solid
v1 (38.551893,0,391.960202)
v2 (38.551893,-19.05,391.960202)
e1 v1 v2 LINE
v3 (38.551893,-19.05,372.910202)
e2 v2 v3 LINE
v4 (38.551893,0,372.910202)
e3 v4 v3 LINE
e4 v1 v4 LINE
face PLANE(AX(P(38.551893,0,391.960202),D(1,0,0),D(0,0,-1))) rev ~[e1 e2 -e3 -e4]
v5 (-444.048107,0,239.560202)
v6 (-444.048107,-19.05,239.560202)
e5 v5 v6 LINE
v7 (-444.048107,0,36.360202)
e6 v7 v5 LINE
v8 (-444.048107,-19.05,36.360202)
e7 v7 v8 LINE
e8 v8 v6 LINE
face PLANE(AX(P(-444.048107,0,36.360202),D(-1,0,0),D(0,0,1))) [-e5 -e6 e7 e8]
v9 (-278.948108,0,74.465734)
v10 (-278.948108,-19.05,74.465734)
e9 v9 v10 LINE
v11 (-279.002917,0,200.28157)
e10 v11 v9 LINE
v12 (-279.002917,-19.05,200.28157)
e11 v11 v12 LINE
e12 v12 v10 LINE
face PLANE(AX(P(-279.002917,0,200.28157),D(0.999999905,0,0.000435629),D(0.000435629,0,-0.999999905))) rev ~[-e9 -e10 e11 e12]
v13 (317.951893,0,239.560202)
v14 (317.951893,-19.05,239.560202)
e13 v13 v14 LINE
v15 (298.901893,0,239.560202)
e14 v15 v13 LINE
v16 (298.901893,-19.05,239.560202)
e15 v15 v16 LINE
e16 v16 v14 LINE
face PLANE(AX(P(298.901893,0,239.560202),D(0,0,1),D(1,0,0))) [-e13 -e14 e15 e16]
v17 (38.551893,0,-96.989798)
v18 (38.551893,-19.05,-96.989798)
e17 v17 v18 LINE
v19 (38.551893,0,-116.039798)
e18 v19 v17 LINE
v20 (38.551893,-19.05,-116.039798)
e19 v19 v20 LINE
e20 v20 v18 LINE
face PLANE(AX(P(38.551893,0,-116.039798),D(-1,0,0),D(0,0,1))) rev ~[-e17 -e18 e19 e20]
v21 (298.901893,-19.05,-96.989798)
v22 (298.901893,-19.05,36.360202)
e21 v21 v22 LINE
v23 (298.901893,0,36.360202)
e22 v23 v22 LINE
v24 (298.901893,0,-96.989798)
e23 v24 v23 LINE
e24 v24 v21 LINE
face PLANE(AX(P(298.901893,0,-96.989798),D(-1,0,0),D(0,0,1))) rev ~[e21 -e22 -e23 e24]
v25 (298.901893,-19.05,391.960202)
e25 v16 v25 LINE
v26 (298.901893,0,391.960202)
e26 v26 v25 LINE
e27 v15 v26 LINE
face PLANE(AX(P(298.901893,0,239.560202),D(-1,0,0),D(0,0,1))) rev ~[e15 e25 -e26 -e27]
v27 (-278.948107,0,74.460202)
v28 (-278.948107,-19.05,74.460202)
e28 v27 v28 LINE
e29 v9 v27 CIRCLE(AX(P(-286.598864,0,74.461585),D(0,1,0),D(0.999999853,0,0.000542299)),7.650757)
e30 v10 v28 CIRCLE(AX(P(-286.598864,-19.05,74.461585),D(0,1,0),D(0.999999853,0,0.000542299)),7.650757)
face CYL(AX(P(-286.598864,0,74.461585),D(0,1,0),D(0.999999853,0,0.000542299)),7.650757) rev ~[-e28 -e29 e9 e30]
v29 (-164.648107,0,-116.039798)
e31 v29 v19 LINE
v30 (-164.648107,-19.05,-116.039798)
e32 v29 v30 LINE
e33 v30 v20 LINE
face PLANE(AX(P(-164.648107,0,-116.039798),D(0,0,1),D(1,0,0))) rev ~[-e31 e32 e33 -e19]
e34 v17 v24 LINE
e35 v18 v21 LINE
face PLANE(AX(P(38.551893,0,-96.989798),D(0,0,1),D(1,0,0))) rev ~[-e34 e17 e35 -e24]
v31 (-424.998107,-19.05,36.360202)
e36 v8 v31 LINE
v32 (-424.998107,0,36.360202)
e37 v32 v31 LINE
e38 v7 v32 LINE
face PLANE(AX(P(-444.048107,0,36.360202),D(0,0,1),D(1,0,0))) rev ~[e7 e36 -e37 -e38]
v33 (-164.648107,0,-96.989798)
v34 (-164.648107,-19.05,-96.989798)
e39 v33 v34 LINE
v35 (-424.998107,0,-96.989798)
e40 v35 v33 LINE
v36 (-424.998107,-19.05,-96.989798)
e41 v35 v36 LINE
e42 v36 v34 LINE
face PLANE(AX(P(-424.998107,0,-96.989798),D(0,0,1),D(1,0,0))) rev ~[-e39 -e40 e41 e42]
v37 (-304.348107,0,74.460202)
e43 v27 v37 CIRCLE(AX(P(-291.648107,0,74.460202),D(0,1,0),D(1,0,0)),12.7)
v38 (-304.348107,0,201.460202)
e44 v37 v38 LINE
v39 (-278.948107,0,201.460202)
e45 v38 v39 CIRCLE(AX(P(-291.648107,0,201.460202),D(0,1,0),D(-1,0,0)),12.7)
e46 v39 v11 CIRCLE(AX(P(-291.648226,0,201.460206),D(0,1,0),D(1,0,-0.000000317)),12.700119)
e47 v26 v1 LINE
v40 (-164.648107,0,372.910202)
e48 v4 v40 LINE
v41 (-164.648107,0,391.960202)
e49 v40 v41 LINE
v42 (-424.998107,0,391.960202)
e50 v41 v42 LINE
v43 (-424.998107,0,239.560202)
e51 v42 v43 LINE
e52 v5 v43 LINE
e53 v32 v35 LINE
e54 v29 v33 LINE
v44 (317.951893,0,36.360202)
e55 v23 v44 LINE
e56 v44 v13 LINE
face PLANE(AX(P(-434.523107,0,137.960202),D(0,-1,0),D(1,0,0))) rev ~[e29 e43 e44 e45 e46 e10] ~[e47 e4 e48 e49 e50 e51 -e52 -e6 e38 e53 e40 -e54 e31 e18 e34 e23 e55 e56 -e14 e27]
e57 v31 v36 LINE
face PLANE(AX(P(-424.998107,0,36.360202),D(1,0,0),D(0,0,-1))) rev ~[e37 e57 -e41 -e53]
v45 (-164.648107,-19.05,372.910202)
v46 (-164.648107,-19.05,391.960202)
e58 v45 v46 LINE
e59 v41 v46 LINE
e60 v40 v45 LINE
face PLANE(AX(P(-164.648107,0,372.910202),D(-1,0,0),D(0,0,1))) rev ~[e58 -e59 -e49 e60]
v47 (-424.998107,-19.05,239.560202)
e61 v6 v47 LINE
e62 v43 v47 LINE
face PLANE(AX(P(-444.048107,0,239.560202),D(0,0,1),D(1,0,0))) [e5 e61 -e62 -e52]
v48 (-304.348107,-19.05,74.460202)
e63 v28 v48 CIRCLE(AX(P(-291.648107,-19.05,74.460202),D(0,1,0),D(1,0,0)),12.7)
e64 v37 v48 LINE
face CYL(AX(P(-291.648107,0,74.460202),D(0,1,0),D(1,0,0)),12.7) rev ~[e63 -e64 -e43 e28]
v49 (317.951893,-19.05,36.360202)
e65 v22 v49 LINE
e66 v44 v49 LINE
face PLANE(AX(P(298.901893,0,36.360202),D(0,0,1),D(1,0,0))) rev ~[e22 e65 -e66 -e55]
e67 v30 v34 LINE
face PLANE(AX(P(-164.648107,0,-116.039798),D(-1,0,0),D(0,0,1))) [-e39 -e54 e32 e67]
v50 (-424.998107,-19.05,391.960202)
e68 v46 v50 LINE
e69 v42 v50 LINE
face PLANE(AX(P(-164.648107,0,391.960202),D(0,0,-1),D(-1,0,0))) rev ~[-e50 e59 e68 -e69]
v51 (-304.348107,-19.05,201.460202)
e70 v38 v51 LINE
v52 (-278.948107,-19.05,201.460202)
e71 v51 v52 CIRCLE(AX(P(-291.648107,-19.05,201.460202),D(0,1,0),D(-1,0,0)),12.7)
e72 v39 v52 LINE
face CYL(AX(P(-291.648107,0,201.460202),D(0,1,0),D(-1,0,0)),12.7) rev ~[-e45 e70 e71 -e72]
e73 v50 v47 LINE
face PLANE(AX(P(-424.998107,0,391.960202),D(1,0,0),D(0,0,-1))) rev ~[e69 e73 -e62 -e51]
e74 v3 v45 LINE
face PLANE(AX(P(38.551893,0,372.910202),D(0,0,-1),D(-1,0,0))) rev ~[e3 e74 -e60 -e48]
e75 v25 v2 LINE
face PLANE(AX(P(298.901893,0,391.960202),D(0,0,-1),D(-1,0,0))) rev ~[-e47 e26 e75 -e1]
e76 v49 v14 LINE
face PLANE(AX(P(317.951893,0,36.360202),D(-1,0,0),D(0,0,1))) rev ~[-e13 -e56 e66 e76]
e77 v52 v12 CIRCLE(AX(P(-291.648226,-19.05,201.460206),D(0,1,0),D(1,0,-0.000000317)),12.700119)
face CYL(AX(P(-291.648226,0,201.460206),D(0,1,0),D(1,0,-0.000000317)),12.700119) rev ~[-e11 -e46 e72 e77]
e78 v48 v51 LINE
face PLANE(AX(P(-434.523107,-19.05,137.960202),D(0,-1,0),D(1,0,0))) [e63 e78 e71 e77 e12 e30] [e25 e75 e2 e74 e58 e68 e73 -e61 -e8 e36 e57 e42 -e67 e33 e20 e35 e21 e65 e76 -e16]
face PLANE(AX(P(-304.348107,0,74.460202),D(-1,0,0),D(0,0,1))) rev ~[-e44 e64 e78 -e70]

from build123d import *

# Parameters (mm, degrees)
F0_W     = 19.05
F0_H     = 203.2
F0_W_2   = 203.2
F0_H_2   = 19.05
F1_DEPTH = 19.05


with BuildPart() as f1:
    # F0 (on Front) → F1 (new body)
    with BuildSketch(Plane.XZ):
        with Locations((-434.523107, 137.960202)):
            Rectangle(F0_W, F0_H)
        Polygon((-164.648107, 391.960202), (-424.998107, 391.960202), (-424.998107, 239.560202), (-424.998107, 36.360202), (-424.998107, -96.989798), (-164.648107, -96.989798), (38.551893, -96.989798), (298.901893, -96.989798), (298.901893, 36.360202), (298.901893, 239.560202), (298.901893, 391.960202), (38.551893, 391.960202), (38.551893, 372.910202), (-164.648107, 372.910202), align=None)
        with BuildLine():
            ThreePointArc((-304.348107, 201.460202), (-291.648107, 214.160202), (-278.948107, 201.460202))
            ThreePointArc((-278.948107, 201.460202), (-278.961817, 200.870249), (-279.002917, 200.28157))
            Line((-279.002917, 200.28157), (-278.948108, 74.465734))
            ThreePointArc((-278.948108, 74.465734), (-278.948107, 74.462968), (-278.948107, 74.460202))
            ThreePointArc((-278.948107, 74.460202), (-291.648107, 61.760202), (-304.348107, 74.460202))
            Line((-304.348107, 74.460202), (-304.348107, 201.460202))
        make_face(mode=Mode.SUBTRACT)
        with Locations((308.426893, 137.960202)):
            Rectangle(F0_W, F0_H)
        with Locations((-63.048107, -106.514798)):
            Rectangle(F0_W_2, F0_H_2)
    extrude(amount=F1_DEPTH)


solid = f1.part
